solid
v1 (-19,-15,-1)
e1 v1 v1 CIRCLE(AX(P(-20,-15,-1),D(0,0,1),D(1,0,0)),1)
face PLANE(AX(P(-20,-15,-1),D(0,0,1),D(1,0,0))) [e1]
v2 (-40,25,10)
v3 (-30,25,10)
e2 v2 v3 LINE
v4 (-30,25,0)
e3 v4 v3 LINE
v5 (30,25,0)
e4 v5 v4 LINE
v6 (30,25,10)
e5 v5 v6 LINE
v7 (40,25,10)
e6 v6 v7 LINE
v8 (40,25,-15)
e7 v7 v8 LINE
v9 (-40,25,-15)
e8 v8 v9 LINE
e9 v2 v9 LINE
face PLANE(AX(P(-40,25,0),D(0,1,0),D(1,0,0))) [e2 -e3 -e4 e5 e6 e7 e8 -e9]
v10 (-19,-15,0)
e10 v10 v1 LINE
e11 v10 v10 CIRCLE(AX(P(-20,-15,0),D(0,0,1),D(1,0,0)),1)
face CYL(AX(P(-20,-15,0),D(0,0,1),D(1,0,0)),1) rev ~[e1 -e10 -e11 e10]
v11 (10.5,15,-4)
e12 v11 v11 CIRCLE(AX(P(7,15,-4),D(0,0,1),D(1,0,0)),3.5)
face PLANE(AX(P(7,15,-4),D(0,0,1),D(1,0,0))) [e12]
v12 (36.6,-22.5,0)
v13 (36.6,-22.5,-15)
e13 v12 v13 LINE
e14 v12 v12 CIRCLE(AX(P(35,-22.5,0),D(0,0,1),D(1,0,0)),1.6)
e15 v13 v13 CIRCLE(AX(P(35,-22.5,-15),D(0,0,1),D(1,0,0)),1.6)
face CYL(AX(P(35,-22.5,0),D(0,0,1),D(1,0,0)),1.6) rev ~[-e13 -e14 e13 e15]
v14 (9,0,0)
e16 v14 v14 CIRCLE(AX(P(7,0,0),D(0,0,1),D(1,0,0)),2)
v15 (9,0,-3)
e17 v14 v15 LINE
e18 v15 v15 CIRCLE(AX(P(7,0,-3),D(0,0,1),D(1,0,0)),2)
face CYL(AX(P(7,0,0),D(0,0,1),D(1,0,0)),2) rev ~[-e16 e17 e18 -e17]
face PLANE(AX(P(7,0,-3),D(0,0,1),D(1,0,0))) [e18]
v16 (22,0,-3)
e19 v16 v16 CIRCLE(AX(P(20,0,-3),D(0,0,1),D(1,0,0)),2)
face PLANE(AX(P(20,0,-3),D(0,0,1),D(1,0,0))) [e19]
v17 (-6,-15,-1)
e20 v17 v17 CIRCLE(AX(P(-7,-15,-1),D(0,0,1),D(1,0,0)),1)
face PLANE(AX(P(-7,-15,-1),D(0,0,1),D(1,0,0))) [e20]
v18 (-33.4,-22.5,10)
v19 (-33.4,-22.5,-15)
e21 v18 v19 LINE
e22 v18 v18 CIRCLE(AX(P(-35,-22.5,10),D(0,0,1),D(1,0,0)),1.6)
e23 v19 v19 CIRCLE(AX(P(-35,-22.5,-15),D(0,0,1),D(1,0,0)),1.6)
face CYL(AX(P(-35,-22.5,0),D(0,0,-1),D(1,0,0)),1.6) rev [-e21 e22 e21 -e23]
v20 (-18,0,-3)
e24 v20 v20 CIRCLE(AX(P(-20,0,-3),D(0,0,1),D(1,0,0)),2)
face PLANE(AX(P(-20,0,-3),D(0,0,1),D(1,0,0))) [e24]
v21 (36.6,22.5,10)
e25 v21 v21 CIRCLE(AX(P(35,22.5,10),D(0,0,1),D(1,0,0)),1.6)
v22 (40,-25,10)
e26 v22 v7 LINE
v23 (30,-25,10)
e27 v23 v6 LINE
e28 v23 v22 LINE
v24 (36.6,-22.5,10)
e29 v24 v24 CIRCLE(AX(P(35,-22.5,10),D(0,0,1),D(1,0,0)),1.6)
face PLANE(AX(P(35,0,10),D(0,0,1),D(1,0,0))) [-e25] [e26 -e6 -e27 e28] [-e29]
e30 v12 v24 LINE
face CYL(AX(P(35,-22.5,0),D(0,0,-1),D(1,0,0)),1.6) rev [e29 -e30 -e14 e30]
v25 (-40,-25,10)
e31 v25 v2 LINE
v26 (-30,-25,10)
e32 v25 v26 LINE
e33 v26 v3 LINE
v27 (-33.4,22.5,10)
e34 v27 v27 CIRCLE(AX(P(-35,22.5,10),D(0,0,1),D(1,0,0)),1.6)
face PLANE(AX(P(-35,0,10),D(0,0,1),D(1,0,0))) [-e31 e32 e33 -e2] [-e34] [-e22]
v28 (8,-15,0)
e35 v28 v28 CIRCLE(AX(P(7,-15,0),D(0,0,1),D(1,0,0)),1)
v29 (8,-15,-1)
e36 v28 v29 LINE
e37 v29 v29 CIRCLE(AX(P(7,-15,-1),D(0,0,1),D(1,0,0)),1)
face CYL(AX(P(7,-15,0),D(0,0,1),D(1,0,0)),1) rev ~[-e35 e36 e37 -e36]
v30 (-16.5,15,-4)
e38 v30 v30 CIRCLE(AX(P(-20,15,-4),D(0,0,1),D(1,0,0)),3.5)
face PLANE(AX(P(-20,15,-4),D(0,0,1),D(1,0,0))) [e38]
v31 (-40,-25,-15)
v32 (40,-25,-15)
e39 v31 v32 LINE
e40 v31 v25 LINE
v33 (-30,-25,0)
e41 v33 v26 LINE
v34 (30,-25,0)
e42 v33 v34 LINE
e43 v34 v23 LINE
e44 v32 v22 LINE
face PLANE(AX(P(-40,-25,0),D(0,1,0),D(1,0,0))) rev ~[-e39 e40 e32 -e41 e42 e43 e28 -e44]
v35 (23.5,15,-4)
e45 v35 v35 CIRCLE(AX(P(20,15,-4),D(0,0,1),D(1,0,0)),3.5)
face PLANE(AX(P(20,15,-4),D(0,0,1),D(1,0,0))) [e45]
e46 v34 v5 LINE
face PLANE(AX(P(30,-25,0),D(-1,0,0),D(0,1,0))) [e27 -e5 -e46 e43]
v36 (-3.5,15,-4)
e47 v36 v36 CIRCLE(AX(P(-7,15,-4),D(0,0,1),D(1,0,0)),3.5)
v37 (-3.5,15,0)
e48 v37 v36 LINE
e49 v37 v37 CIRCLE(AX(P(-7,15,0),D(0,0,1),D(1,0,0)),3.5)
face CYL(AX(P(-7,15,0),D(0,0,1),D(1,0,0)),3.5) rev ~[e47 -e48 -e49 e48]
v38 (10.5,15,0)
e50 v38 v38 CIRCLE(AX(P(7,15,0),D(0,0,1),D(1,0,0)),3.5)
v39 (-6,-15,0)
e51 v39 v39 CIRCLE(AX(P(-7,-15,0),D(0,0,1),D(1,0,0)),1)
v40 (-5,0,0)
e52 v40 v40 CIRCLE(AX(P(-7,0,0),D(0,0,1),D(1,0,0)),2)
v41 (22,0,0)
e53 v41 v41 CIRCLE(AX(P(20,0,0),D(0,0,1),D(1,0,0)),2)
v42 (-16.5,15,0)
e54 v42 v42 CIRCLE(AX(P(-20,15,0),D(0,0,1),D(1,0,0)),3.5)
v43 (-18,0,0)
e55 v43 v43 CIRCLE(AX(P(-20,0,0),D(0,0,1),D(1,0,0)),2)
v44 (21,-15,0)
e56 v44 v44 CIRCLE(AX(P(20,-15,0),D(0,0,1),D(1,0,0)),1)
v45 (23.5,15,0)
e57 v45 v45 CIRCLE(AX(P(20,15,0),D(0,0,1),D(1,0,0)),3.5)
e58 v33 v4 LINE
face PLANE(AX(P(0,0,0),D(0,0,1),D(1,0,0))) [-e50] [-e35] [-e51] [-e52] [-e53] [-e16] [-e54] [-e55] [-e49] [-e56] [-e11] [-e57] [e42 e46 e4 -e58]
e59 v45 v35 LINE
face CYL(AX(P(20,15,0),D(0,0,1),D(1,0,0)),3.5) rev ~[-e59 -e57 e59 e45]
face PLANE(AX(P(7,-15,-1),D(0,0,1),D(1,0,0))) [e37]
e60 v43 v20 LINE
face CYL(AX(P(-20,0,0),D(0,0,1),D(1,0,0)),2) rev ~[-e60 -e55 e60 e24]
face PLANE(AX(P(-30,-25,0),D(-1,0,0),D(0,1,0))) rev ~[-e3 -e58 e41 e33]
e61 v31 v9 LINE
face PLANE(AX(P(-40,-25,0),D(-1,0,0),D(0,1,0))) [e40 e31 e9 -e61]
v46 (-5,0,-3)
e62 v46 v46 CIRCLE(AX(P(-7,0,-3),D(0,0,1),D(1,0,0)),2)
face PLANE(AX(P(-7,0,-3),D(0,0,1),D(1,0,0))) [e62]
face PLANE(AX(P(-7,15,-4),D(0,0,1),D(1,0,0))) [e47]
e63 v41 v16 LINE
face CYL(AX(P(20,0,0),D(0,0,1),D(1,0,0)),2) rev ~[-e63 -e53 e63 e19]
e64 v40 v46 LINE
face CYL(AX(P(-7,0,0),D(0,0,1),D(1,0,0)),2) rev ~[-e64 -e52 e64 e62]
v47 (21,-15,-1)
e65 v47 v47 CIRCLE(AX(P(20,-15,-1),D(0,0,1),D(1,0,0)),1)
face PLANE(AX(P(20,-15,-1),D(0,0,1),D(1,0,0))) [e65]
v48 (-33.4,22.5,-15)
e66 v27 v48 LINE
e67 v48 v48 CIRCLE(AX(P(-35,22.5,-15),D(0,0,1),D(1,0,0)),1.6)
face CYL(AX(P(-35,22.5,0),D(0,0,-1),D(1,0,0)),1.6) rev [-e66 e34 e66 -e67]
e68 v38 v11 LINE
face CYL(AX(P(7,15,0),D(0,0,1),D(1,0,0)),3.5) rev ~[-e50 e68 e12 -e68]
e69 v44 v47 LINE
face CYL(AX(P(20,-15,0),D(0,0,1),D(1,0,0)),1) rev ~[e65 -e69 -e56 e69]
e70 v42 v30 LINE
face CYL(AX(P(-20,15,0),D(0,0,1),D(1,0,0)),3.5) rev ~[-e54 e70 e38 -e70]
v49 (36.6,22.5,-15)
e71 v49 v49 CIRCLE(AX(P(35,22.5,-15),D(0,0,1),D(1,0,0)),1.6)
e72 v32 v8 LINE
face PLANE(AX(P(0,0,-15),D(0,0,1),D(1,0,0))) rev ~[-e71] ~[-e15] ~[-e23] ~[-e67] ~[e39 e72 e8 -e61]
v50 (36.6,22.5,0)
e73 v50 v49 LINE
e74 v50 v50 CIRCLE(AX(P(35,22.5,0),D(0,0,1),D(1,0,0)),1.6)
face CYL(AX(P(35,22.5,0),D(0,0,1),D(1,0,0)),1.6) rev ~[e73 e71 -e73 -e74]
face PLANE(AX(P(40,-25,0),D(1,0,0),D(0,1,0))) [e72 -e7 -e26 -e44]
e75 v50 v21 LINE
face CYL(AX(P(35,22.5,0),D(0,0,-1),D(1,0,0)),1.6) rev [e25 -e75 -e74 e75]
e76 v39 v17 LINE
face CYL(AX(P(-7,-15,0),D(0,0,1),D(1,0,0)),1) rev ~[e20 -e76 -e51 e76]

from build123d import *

# Parameters (mm, degrees)
F0_W     = 60
F0_H     = 50
F0_R     = 1
F0_R_2   = 2
F0_R_3   = 3.5
F0_W_2   = 10
F0_R_4   = 1.6
F1_DEPTH = 15
F2_DEPTH = 10
F3_DEPTH = 4
F4_DEPTH = 3
F5_DEPTH = 1


with BuildPart() as f1:
    # F0 (on Top) → F1 (new body)
    with BuildSketch(Plane.XY):
        Rectangle(F0_W, F0_H)
        with Locations((-20, -15)):
            Circle(F0_R, mode=Mode.SUBTRACT)
        with Locations((-7, -15)):
            Circle(F0_R, mode=Mode.SUBTRACT)
        with Locations((7, -15)):
            Circle(F0_R, mode=Mode.SUBTRACT)
        with Locations((20, -15)):
            Circle(F0_R, mode=Mode.SUBTRACT)
        with Locations((-20, 0)):
            Circle(F0_R_2, mode=Mode.SUBTRACT)
        with Locations((-7, 0)):
            Circle(F0_R_2, mode=Mode.SUBTRACT)
        with Locations((-20, 15)):
            Circle(F0_R_3, mode=Mode.SUBTRACT)
        with Locations((-7, 15)):
            Circle(F0_R_3, mode=Mode.SUBTRACT)
        with Locations((7, 0)):
            Circle(F0_R_2, mode=Mode.SUBTRACT)
        with Locations((20, 0)):
            Circle(F0_R_2, mode=Mode.SUBTRACT)
        with Locations((7, 15)):
            Circle(F0_R_3, mode=Mode.SUBTRACT)
        with Locations((20, 15)):
            Circle(F0_R_3, mode=Mode.SUBTRACT)
        with Locations((-35, 0)):
            Rectangle(F0_W_2, F0_H)
        with Locations((-35, -22.5)):
            Circle(F0_R_4, mode=Mode.SUBTRACT)
        with Locations((-35, 22.5)):
            Circle(F0_R_4, mode=Mode.SUBTRACT)
        with Locations((35, 0)):
            Rectangle(F0_W_2, F0_H)
        with Locations((35, -22.5)):
            Circle(F0_R_4, mode=Mode.SUBTRACT)
        with Locations((35, 22.5)):
            Circle(F0_R_4, mode=Mode.SUBTRACT)
        with Locations((-20, 15)):
            Circle(F0_R_3)
        with Locations((-7, 15)):
            Circle(F0_R_3)
        with Locations((7, 15)):
            Circle(F0_R_3)
        with Locations((20, 15)):
            Circle(F0_R_3)
        with Locations((7, 0)):
            Circle(F0_R_2)
        with Locations((20, 0)):
            Circle(F0_R_2)
        with Locations((-7, 0)):
            Circle(F0_R_2)
        with Locations((-20, 0)):
            Circle(F0_R_2)
        with Locations((-20, -15)):
            Circle(F0_R)
        with Locations((-7, -15)):
            Circle(F0_R)
        with Locations((7, -15)):
            Circle(F0_R)
        with Locations((20, -15)):
            Circle(F0_R)
    extrude(amount=-F1_DEPTH)

    # F0 (on Top) → F2 (join)
    with BuildSketch(Plane.XY):
        with Locations((-35, 0)):
            Rectangle(F0_W_2, F0_H)
        with Locations((-35, -22.5)):
            Circle(F0_R_4, mode=Mode.SUBTRACT)
        with Locations((-35, 22.5)):
            Circle(F0_R_4, mode=Mode.SUBTRACT)
        with Locations((35, 0)):
            Rectangle(F0_W_2, F0_H)
        with Locations((35, -22.5)):
            Circle(F0_R_4, mode=Mode.SUBTRACT)
        with Locations((35, 22.5)):
            Circle(F0_R_4, mode=Mode.SUBTRACT)
    extrude(amount=F2_DEPTH)

    # F0 (on Top) → F3 (cut)
    with BuildSketch(Plane.XY):
        with Locations((-20, 15)):
            Circle(F0_R_3)
        with Locations((-7, 15)):
            Circle(F0_R_3)
        with Locations((7, 15)):
            Circle(F0_R_3)
        with Locations((20, 15)):
            Circle(F0_R_3)
    extrude(amount=-F3_DEPTH, mode=Mode.SUBTRACT)

    # F0 (on Top) → F4 (cut)
    with BuildSketch(Plane.XY):
        with Locations((-20, 0)):
            Circle(F0_R_2)
        with Locations((-7, 0)):
            Circle(F0_R_2)
        with Locations((7, 0)):
            Circle(F0_R_2)
        with Locations((20, 0)):
            Circle(F0_R_2)
    extrude(amount=-F4_DEPTH, mode=Mode.SUBTRACT)

    # F0 (on Top) → F5 (cut)
    with BuildSketch(Plane.XY):
        with Locations((-20, -15)):
            Circle(F0_R)
        with Locations((-7, -15)):
            Circle(F0_R)
        with Locations((7, -15)):
            Circle(F0_R)
        with Locations((20, -15)):
            Circle(F0_R)
    extrude(amount=-F5_DEPTH, mode=Mode.SUBTRACT)


solid = f1.part
